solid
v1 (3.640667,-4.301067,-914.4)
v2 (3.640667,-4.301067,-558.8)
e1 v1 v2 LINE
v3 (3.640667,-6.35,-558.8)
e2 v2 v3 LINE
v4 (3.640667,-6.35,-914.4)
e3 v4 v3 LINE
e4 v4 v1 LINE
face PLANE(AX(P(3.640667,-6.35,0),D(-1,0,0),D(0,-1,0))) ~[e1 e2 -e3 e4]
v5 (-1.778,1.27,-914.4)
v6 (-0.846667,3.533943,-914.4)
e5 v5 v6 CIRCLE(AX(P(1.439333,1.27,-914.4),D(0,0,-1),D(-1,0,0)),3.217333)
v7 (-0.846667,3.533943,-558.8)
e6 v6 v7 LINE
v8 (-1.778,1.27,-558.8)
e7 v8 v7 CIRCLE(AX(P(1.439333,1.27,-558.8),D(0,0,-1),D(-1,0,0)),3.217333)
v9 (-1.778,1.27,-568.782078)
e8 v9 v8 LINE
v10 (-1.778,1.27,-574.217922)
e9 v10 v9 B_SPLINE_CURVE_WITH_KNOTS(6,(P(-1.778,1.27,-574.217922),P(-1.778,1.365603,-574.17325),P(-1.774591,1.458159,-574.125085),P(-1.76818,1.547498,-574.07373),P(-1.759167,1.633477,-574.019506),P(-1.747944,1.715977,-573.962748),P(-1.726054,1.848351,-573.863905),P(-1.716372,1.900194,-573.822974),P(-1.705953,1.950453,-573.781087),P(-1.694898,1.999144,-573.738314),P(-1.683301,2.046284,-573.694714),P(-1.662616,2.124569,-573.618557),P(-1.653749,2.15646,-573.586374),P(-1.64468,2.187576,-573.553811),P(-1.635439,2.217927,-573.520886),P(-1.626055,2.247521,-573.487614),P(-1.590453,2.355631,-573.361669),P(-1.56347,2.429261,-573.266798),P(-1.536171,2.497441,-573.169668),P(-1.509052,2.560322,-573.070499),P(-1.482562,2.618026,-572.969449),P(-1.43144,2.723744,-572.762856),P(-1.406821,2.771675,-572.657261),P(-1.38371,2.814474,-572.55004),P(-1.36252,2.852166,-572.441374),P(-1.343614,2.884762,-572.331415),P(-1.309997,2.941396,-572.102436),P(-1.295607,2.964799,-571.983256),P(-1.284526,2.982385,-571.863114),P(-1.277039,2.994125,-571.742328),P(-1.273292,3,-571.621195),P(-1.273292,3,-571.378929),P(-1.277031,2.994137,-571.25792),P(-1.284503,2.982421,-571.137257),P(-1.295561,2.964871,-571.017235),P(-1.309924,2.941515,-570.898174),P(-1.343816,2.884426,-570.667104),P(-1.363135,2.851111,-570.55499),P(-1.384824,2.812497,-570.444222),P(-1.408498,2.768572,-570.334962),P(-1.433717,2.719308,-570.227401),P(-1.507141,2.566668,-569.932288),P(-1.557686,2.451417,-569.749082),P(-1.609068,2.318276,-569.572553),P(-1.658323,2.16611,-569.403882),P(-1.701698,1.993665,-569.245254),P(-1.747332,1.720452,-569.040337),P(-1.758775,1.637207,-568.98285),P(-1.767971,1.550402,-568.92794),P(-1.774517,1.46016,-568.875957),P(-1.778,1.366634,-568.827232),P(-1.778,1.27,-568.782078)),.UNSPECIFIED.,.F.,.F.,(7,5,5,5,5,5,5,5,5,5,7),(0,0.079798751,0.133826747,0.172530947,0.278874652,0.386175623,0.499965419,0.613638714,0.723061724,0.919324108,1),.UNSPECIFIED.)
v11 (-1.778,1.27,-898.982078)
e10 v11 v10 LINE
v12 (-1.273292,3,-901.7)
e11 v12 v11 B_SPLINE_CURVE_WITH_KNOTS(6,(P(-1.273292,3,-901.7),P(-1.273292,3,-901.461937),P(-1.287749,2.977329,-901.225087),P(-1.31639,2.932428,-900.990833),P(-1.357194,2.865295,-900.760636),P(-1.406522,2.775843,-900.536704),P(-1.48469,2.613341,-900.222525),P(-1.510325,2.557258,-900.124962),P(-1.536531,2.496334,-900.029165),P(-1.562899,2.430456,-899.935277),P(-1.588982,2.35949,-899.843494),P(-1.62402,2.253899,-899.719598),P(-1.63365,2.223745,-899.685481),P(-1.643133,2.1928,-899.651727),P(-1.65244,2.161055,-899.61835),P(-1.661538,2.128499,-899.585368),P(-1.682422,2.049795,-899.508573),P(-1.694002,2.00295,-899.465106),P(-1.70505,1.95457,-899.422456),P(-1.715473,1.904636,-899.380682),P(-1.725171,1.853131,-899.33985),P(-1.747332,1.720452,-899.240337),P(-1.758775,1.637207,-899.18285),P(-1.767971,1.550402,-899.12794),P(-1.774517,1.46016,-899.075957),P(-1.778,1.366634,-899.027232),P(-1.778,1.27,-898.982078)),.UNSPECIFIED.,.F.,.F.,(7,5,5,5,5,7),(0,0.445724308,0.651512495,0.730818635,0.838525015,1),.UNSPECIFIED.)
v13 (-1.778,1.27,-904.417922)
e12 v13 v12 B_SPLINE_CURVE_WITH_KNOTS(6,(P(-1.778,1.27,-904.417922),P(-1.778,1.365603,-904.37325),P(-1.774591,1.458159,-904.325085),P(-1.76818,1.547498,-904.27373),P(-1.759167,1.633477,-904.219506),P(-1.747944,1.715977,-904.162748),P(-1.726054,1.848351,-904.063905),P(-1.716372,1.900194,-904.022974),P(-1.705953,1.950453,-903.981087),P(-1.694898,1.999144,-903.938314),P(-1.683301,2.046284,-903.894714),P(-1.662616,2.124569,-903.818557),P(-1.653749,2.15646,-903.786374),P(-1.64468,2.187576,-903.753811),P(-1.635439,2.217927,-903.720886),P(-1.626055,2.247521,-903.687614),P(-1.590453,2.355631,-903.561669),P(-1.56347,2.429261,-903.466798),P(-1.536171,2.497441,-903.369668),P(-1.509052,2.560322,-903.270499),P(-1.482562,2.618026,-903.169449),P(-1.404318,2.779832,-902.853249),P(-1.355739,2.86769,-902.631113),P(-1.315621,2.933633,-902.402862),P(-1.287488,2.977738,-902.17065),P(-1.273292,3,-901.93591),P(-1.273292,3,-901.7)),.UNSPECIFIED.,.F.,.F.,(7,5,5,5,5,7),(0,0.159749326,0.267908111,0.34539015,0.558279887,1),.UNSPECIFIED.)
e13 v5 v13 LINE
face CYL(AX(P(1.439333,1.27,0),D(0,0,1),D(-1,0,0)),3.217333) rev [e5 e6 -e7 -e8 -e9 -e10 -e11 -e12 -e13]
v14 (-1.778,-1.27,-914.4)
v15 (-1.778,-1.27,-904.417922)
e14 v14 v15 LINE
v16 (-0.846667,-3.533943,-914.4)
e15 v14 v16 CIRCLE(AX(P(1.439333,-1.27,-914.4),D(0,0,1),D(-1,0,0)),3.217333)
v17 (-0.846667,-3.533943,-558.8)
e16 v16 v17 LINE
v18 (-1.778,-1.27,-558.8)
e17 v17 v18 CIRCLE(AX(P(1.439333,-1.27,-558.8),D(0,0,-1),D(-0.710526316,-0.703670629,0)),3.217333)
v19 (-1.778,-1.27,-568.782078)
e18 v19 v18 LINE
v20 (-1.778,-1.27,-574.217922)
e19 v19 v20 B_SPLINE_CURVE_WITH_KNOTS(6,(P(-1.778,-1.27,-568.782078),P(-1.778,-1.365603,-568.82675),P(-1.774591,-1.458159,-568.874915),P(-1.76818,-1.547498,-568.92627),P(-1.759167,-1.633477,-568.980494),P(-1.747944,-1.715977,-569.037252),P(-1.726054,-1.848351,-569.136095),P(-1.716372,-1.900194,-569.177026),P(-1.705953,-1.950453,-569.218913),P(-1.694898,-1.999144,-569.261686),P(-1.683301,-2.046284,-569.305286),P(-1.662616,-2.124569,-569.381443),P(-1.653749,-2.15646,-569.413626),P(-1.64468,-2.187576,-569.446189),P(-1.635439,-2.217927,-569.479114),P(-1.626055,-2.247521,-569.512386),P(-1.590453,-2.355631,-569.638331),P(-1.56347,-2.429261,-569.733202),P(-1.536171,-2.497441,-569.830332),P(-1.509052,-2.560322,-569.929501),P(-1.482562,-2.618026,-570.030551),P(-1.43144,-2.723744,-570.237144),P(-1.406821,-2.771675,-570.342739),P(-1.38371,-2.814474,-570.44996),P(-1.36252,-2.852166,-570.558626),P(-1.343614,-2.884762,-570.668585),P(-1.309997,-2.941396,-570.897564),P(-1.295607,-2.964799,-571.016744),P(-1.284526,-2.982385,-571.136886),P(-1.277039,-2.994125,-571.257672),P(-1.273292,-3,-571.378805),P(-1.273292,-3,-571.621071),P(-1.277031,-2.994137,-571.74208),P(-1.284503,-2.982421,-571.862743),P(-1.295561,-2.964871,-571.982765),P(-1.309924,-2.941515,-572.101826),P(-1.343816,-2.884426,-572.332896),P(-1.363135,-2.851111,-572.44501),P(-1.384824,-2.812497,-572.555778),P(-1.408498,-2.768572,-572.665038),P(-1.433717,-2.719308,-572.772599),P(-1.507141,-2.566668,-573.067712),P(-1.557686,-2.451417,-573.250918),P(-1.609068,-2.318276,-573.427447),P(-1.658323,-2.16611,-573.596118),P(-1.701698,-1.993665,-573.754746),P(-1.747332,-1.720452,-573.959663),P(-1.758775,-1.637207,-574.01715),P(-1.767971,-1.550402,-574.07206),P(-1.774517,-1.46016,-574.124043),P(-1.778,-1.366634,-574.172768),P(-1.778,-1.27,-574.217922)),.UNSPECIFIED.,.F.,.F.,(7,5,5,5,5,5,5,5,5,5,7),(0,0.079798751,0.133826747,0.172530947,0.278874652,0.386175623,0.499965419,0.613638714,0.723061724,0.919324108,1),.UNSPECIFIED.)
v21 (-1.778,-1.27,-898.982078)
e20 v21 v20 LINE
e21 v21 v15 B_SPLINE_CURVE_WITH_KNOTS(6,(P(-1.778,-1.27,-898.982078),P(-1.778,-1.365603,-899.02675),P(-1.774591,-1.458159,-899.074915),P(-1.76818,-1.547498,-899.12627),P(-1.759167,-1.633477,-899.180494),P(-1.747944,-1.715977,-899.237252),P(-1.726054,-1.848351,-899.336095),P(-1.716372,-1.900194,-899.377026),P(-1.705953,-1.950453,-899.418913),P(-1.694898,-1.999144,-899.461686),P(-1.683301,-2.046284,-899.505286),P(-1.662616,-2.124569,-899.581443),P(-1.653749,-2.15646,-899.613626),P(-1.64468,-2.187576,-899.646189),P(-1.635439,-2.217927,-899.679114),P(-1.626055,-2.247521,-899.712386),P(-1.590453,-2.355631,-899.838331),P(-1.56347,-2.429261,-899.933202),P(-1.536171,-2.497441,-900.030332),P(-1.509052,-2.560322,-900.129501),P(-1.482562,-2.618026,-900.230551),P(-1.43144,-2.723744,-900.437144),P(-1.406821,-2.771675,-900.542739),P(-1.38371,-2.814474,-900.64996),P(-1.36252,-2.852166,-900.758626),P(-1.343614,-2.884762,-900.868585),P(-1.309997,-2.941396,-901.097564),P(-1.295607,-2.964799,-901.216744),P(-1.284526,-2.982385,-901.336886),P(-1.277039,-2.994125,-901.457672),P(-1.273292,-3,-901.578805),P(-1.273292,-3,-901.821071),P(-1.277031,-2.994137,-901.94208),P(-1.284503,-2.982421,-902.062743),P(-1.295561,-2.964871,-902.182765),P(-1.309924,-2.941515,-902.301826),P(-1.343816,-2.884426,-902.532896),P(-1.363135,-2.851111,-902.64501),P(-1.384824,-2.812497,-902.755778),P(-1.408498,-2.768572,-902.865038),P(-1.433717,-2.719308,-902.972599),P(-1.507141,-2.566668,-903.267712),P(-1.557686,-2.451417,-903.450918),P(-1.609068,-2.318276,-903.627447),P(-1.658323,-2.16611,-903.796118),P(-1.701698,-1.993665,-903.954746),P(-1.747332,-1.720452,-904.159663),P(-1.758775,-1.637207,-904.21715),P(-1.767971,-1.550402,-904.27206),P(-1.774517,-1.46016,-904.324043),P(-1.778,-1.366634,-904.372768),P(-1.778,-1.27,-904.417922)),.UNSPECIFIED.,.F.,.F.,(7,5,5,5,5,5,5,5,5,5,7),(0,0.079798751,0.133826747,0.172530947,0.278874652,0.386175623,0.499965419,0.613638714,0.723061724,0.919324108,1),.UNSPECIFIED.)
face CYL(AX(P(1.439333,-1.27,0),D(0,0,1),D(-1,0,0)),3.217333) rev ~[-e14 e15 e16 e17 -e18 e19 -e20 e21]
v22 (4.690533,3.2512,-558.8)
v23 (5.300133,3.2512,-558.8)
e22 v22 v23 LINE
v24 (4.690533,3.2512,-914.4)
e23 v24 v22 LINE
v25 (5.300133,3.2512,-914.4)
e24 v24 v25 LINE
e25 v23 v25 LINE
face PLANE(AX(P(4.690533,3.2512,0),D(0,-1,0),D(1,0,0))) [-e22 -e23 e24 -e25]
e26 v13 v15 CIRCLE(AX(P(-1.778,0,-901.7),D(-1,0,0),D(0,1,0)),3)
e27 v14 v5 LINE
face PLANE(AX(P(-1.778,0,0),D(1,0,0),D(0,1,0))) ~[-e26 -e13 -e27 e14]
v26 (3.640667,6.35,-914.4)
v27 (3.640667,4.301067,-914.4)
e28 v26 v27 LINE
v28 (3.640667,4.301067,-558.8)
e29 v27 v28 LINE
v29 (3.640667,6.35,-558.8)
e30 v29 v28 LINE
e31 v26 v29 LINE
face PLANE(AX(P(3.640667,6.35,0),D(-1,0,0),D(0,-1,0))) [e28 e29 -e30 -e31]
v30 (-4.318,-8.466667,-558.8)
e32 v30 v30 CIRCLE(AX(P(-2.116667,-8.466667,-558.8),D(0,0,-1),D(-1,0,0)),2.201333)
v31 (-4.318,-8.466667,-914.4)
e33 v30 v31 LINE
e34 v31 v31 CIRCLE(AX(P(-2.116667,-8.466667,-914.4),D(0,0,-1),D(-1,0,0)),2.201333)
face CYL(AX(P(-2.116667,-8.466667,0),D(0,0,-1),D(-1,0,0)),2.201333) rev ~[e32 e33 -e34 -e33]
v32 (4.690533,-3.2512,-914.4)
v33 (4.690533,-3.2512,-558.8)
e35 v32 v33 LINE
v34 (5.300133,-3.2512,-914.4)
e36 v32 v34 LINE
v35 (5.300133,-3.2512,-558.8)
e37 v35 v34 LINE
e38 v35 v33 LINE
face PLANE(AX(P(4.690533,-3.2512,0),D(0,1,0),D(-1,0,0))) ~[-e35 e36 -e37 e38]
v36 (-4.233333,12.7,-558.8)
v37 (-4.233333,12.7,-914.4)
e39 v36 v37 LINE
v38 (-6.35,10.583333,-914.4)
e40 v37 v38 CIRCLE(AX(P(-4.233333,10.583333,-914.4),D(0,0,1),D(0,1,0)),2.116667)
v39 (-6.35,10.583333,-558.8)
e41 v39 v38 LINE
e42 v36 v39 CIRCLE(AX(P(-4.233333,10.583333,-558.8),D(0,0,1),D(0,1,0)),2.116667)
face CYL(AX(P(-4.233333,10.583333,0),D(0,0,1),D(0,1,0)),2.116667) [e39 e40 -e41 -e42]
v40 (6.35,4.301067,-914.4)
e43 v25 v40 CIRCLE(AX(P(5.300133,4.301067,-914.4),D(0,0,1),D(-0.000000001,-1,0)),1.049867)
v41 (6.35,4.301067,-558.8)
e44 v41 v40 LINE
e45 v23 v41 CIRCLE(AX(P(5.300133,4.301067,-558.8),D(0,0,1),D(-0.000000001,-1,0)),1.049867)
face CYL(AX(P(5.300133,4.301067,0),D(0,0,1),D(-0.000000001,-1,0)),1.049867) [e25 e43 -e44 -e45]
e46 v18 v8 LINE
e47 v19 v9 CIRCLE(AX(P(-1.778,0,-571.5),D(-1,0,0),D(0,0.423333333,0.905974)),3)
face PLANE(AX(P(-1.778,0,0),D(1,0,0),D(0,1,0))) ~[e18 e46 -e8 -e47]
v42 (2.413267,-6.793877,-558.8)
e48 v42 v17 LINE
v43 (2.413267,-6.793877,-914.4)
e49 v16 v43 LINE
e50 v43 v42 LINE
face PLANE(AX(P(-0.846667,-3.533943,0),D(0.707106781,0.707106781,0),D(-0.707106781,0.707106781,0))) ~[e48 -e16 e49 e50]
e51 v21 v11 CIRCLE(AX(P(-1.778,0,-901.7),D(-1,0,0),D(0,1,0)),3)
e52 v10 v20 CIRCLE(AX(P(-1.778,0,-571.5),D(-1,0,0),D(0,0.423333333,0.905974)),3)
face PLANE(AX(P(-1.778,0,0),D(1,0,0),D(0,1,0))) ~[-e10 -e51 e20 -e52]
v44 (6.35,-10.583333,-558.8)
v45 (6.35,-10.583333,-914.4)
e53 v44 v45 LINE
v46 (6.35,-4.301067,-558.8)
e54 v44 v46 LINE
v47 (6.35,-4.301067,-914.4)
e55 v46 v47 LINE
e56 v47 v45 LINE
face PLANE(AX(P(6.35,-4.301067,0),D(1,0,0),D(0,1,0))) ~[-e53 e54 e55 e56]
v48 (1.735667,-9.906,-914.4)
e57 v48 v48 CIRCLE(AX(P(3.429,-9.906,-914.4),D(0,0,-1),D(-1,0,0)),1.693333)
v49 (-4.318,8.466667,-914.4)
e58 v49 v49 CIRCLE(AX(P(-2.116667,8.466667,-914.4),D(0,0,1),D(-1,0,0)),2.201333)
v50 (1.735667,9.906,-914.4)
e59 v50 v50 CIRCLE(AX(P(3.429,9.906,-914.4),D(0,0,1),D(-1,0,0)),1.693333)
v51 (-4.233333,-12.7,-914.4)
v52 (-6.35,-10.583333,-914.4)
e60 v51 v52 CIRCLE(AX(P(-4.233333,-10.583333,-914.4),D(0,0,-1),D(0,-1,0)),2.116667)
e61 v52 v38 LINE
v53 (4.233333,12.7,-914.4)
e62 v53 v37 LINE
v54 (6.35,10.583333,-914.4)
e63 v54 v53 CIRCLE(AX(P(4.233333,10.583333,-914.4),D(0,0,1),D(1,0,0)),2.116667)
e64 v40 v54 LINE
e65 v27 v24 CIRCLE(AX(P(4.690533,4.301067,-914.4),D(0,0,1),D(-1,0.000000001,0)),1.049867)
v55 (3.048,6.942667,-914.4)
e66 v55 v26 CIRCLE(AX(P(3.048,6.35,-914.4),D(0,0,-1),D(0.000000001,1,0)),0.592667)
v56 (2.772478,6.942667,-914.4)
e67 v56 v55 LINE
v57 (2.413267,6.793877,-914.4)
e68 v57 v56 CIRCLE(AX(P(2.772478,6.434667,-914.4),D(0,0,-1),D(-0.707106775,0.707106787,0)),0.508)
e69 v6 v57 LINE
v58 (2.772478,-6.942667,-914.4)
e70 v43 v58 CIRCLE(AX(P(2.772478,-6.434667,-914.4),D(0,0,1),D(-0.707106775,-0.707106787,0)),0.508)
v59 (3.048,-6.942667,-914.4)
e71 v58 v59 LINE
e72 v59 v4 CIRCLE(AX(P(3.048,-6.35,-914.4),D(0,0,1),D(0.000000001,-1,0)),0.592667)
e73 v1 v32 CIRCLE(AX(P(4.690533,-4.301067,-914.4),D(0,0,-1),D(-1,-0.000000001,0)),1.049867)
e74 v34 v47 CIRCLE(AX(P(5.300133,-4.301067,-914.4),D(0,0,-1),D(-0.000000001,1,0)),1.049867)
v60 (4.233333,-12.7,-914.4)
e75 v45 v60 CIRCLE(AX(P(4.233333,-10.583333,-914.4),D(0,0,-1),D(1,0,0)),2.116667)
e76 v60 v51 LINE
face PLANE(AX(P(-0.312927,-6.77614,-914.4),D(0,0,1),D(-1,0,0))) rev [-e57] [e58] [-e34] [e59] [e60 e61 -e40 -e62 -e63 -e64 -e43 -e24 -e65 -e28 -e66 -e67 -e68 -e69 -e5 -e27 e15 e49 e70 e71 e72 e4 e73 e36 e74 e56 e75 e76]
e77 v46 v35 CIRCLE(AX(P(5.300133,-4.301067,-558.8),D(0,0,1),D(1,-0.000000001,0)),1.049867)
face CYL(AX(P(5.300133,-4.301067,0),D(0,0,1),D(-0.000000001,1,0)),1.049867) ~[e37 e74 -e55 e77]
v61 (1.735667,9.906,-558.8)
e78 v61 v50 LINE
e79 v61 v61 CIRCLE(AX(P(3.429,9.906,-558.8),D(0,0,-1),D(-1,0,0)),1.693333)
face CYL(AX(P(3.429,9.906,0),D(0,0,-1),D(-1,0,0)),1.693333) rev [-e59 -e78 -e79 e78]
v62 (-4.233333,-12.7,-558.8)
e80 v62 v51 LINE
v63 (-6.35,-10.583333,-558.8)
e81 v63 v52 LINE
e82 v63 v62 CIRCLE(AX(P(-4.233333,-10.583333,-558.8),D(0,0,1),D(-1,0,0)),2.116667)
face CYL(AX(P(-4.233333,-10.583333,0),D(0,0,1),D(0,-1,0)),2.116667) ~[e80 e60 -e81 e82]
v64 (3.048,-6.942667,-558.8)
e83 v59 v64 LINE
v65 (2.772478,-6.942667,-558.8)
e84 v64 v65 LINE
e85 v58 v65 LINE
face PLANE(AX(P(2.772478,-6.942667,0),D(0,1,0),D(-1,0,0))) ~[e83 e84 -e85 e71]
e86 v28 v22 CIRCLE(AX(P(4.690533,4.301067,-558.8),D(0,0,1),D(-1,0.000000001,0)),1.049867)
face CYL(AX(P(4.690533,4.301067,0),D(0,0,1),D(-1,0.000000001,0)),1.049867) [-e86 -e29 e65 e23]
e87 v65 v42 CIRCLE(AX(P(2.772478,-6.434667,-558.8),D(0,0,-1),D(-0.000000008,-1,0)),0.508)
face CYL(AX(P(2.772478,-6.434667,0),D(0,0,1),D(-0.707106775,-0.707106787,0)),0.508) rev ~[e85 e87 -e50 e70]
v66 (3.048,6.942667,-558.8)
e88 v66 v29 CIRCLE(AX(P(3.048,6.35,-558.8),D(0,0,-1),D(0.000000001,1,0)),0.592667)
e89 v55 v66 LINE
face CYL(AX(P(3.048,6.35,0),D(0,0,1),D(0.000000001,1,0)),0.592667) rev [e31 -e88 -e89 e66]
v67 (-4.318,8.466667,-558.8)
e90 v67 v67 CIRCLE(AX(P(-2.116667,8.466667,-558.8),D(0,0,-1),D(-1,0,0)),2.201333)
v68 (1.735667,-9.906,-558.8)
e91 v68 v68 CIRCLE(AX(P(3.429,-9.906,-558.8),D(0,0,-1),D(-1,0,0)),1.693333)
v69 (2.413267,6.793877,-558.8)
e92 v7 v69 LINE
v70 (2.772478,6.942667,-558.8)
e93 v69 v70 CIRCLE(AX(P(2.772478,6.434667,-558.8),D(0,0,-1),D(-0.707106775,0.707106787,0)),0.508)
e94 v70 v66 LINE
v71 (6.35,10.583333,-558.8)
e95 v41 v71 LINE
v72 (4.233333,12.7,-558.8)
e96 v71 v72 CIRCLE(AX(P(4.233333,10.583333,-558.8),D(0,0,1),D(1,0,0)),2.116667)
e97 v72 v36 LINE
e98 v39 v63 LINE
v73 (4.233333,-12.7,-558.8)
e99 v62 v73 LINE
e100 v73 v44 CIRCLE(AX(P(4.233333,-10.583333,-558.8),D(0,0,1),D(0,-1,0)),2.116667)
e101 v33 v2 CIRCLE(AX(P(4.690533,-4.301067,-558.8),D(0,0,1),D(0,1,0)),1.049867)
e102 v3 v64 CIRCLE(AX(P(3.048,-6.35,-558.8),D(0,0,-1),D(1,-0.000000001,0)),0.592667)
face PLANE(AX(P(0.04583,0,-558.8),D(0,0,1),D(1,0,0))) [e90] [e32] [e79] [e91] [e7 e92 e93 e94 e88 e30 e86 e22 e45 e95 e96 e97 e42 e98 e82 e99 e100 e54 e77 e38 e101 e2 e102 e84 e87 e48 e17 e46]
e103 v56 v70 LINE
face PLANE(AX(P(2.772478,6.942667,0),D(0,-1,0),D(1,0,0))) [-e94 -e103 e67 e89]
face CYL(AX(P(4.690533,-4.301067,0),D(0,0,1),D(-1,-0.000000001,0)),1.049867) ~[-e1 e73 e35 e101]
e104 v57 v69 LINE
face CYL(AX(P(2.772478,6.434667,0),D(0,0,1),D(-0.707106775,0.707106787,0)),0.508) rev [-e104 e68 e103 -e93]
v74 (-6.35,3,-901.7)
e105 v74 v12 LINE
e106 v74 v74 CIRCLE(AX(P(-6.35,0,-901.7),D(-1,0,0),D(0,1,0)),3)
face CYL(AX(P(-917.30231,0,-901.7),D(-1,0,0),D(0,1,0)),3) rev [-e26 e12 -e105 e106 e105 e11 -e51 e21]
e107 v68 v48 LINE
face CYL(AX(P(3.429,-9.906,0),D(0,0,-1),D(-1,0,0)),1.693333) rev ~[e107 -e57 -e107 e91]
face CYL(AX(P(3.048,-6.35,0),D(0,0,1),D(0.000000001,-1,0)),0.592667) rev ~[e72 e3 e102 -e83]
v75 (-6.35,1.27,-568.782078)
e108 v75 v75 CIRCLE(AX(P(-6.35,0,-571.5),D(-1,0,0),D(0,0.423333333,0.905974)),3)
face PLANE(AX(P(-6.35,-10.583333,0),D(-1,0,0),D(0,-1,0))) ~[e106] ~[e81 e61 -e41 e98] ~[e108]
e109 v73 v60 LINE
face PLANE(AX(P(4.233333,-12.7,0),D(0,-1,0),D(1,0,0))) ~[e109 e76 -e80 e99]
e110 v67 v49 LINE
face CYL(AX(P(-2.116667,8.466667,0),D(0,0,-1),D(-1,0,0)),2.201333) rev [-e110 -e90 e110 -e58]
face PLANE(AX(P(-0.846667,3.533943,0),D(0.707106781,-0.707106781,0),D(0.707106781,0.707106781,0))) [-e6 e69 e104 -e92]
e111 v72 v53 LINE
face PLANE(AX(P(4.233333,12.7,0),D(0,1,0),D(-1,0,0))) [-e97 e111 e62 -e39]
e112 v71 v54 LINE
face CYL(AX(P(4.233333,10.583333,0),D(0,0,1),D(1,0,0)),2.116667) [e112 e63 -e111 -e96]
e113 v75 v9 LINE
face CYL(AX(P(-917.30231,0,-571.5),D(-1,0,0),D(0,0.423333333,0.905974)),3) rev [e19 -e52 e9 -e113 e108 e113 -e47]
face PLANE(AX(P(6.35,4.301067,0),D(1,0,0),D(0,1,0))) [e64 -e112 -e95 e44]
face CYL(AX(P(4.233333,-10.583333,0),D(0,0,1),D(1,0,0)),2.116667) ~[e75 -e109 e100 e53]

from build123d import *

# Parameters (mm, degrees)
SKETCH3_R               = 2.201333333
SKETCH3_R_2             = 1.693333333
BOSS_EXTRUDE1_DEPTH     = 914.4
CUT_EXTRUDE1_DEPTH      = 1473.2
CUT_EXTRUDE2_DEPTH      = 915.524310439
CUT_EXTRUDE2_DEPTH_BACK = 915.524310439
SKETCH6_R               = 3


with BuildPart() as part:
    # Sketch3 → Boss-Extrude1 (new, symmetric)
    with BuildSketch(Plane.XY):
        with BuildLine():
            Line((-1.778, 0), (-1.778, 1.27))
            ThreePointArc((-1.778, 1.27), (-1.536070654, 2.494011801), (-0.846666667, 3.533942971))
            Line((-0.846666667, 3.533942971), (2.413267273, 6.793876912))
            ThreePointArc((2.413267273, 6.793876912), (2.578074335, 6.903997469), (2.772477518, 6.942666667))
            Line((2.772477518, 6.942666667), (3.048, 6.942666667))
            ThreePointArc((3.048, 6.942666667), (3.467078619, 6.769078619), (3.640666667, 6.35))
            Line((3.640666667, 6.35), (3.640666667, 4.301066667))
            ThreePointArc((3.640666667, 4.301066667), (3.948165494, 3.558698827), (4.690533333, 3.2512))
            Line((4.690533333, 3.2512), (5.300133333, 3.2512))
            ThreePointArc((5.300133333, 3.2512), (6.042501173, 3.558698827), (6.35, 4.301066667))
            Line((6.35, 4.301066667), (6.35, 10.583333333))
            ThreePointArc((6.35, 10.583333333), (5.730042687, 12.080042687), (4.233333333, 12.7))
            Line((4.233333333, 12.7), (-4.233333333, 12.7))
            ThreePointArc((-4.233333333, 12.7), (-5.730042687, 12.080042687), (-6.35, 10.583333333))
            Line((-6.35, 10.583333333), (-6.35, 0))
            Line((-6.35, 0), (-1.778, 0))
        make_face()
        with Locations(Location((-2.116666667, 8.466666667, 0), (0, 0, 180))):
            Circle(SKETCH3_R, mode=Mode.SUBTRACT)
        with Locations(Location((3.429, 9.906, 0), (0, 0, 180))):
            Circle(SKETCH3_R_2, mode=Mode.SUBTRACT)
    extrude(amount=BOSS_EXTRUDE1_DEPTH, both=True)

    # Mirror1: part across plane


with BuildPart() as part_1:
    add(part.part)
    add(part.part.mirror(Plane.ZX))

    # Sketch5 → Cut-Extrude1 (cut)
    with BuildSketch(Plane.XY.offset(914.4)):
        with BuildLine():
            Line((-6.35, 10.583333333), (-6.35, -10.583333333))
            ThreePointArc((-6.35, -10.583333333), (-5.730042687, -12.080042687), (-4.233333333, -12.7))
            Line((-4.233333333, -12.7), (4.233333333, -12.7))
            ThreePointArc((4.233333333, -12.7), (5.730042687, -12.080042687), (6.35, -10.583333333))
            Line((6.35, -10.583333333), (6.35, -4.301066667))
            ThreePointArc((6.35, -4.301066667), (6.042501173, -3.558698827), (5.300133333, -3.2512))
            Line((5.300133333, -3.2512), (4.690533333, -3.2512))
            ThreePointArc((4.690533333, -3.2512), (3.948165494, -3.558698827), (3.640666667, -4.301066667))
            Line((3.640666667, -4.301066667), (3.640666667, -6.35))
            ThreePointArc((3.640666667, -6.35), (3.467078619, -6.769078619), (3.048, -6.942666667))
            Line((3.048, -6.942666667), (2.772477518, -6.942666667))
            ThreePointArc((2.772477518, -6.942666667), (2.578074335, -6.903997469), (2.413267273, -6.793876912))
            Line((2.413267273, -6.793876912), (-0.846666667, -3.533942971))
            ThreePointArc((-0.846666667, -3.533942971), (-1.536070654, -2.494011801), (-1.778, -1.27))
            Line((-1.778, -1.27), (-1.778, 1.27))
            ThreePointArc((-1.778, 1.27), (-1.536070654, 2.494011801), (-0.846666667, 3.533942971))
            Line((-0.846666667, 3.533942971), (2.413267273, 6.793876912))
            ThreePointArc((2.413267273, 6.793876912), (2.578074335, 6.903997469), (2.772477518, 6.942666667))
            Line((2.772477518, 6.942666667), (3.048, 6.942666667))
            ThreePointArc((3.048, 6.942666667), (3.467078619, 6.769078619), (3.640666667, 6.35))
            Line((3.640666667, 6.35), (3.640666667, 4.301066667))
            ThreePointArc((3.640666667, 4.301066667), (3.948165494, 3.558698827), (4.690533333, 3.2512))
            Line((4.690533333, 3.2512), (5.300133333, 3.2512))
            ThreePointArc((5.300133333, 3.2512), (6.042501173, 3.558698827), (6.35, 4.301066667))
            Line((6.35, 4.301066667), (6.35, 10.583333333))
            ThreePointArc((6.35, 10.583333333), (5.730042687, 12.080042687), (4.233333333, 12.7))
            Line((4.233333333, 12.7), (-4.233333333, 12.7))
            ThreePointArc((-4.233333333, 12.7), (-5.730042687, 12.080042687), (-6.35, 10.583333333))
        make_face()
    extrude(amount=-CUT_EXTRUDE1_DEPTH, mode=Mode.SUBTRACT)

    # Sketch6 → Cut-Extrude2 (cut, two sides: drawn at the far end of the back side and taken through both)
    with BuildSketch(Plane(origin=(-1.778, 0, 0), x_dir=(0, 0, -1), z_dir=(1, 0, 0)).offset(-CUT_EXTRUDE2_DEPTH_BACK)):
        with Locations(Location((901.7, 0, 0), (0, 0, 90))):
            Circle(SKETCH6_R)
        with Locations(Location((571.5, 0, 0), (0, 0, 154.954785638))):
            Circle(SKETCH6_R)
    extrude(amount=CUT_EXTRUDE2_DEPTH + CUT_EXTRUDE2_DEPTH_BACK, mode=Mode.SUBTRACT)


solid = part_1.part
